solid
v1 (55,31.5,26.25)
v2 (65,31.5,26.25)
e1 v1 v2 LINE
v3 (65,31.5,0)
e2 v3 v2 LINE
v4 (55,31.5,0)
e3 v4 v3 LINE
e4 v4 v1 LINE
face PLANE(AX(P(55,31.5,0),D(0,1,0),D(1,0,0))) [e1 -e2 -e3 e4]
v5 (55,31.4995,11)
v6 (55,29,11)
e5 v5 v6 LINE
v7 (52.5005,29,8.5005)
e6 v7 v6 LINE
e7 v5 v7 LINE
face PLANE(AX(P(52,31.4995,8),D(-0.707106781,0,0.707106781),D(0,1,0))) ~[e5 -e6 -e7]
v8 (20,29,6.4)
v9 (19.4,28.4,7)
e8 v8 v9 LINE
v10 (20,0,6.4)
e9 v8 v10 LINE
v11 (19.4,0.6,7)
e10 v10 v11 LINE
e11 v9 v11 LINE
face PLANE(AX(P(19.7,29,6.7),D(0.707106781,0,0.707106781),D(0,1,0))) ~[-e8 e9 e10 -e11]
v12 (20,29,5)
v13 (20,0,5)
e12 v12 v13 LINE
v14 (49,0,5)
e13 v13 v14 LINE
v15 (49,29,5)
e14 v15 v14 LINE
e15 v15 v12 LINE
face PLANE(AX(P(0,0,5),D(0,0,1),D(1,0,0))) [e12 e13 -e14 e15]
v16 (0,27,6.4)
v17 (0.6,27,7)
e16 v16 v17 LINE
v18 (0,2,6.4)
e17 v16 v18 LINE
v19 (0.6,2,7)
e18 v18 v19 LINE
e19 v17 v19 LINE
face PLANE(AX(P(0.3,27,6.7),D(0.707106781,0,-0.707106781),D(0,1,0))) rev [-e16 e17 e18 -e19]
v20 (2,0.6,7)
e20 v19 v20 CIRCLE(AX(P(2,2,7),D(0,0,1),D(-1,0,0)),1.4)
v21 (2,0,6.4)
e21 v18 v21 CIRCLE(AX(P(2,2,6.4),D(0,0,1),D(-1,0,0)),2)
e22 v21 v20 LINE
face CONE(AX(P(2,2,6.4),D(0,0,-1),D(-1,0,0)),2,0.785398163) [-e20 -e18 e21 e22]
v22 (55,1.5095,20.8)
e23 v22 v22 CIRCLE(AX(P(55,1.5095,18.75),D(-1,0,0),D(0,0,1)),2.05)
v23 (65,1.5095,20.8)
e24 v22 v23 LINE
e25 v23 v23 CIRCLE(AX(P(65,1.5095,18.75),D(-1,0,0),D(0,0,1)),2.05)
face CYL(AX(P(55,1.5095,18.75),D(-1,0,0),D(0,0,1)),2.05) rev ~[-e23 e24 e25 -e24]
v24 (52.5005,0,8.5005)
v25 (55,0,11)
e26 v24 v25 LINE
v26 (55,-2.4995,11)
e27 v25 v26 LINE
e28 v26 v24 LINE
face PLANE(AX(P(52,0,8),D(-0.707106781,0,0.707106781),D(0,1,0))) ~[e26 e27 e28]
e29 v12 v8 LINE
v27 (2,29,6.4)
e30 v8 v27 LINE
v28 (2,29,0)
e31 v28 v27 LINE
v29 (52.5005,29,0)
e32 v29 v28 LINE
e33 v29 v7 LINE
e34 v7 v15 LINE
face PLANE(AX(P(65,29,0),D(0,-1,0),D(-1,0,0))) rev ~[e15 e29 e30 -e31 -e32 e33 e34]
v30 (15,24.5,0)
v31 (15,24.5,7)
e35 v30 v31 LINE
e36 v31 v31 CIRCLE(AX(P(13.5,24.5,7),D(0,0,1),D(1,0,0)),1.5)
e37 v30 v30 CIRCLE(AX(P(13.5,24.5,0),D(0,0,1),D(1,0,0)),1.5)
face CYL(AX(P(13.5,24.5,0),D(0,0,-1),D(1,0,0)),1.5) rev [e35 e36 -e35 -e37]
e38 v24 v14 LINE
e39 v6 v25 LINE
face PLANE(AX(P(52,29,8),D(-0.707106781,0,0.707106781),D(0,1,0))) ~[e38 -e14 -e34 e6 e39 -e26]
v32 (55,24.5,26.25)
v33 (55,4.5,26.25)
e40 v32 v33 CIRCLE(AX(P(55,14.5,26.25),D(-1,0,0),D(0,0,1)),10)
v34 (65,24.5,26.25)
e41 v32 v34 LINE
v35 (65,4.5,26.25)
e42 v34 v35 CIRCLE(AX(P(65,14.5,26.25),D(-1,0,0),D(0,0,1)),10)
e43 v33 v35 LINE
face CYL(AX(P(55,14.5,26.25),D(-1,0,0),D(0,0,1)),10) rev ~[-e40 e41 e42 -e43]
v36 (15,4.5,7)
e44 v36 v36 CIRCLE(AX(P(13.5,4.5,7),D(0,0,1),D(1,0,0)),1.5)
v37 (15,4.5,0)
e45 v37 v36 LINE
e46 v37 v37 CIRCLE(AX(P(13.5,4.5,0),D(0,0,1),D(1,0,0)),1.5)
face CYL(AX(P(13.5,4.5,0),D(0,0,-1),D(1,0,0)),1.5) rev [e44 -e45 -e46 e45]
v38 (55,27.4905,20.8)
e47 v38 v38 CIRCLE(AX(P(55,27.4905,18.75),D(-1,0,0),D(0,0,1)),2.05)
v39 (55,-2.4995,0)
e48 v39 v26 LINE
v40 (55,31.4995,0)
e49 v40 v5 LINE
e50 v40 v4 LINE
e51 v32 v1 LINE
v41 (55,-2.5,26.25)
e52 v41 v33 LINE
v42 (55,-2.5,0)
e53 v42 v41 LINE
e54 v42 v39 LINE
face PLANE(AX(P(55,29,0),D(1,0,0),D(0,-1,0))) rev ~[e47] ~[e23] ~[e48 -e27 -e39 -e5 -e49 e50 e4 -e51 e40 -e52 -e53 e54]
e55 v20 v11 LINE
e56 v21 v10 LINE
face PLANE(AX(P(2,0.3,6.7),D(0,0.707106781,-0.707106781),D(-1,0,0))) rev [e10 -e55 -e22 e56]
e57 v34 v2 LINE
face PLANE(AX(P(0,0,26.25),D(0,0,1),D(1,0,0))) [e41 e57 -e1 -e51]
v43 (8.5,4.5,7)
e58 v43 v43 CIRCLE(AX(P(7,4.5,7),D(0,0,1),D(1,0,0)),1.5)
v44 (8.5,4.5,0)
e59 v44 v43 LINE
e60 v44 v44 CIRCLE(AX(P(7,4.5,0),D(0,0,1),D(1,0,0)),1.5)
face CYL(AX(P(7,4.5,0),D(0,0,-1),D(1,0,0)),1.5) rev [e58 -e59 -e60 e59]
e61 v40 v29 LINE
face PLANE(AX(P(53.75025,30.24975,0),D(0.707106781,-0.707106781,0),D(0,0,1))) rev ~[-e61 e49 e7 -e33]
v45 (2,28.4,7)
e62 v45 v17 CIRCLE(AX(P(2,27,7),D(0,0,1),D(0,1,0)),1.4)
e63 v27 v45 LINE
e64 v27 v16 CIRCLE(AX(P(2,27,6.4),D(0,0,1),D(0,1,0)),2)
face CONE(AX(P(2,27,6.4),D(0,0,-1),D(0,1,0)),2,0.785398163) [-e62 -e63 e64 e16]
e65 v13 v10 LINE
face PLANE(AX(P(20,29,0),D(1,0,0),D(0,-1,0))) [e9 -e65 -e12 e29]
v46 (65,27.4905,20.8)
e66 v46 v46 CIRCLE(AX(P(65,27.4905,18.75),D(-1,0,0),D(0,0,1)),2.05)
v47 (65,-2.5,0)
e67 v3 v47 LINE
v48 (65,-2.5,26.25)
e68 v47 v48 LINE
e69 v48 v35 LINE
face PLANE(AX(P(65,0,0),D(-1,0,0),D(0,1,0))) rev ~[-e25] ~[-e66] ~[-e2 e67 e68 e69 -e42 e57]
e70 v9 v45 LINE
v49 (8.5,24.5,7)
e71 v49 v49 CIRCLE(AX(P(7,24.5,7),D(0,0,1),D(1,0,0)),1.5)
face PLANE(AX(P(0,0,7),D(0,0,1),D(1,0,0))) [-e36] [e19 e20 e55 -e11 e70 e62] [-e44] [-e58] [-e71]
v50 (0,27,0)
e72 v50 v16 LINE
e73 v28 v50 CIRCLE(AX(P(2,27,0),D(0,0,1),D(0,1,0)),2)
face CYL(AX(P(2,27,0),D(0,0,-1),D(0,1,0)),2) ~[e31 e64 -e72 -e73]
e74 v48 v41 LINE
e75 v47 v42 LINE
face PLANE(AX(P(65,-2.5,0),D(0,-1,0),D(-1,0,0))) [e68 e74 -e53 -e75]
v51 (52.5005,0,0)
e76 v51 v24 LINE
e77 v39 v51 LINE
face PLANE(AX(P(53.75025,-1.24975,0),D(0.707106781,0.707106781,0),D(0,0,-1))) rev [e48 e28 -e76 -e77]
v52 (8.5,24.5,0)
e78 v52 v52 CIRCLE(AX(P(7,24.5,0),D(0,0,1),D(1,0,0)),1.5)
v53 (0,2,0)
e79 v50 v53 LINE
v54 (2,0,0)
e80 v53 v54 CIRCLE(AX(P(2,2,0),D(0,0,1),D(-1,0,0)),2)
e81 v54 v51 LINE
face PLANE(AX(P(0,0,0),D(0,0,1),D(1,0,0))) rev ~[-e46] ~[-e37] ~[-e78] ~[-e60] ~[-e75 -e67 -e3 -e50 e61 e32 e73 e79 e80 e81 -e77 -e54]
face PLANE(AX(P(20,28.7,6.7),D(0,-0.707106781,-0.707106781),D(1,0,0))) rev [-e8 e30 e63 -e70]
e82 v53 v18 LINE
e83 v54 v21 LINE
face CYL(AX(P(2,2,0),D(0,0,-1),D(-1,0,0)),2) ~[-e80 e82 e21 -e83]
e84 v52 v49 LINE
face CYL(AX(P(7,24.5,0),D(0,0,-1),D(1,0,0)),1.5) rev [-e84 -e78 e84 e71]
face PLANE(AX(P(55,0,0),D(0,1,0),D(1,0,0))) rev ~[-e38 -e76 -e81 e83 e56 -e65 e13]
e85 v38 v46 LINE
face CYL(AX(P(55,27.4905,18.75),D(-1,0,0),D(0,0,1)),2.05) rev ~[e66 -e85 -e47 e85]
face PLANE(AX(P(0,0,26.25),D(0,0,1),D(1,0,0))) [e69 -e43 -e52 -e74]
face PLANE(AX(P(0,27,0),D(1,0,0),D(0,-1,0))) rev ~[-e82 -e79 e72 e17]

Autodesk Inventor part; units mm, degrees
ref_plane "YZ Plane" through (0, 0, 0) normal (1, 0, 0) x (0, 1, 0)
ref_plane "XZ Plane" through (0, 0, 0) normal (0, 1, 0) x (-1, 0, 0)
ref_plane "XY Plane" through (0, 0, 0) normal (0, 0, 1) x (1, 0, 0)
sketch "Sketch1" plane through (0, 0, 0) normal (0, 0, 1) x (1, 0, 0)
  line L0 (2, 0) -> (65, 0)
  line L1 (65, 0) -> (65, 29)
  line L2 (65, 29) -> (2, 29)
  line L3 (0, 27) -> (0, 2)
  arc A0 (2, 29) -> (0, 27) centre (2, 27) ccw
  arc A1 (0, 2) -> (2, 0) centre (2, 2) ccw
  line L4 (20, 29) -> (20, 0)
  line L5 (55, 29) -> (55, 0)
  circle A2 centre (7, 24.5) radius 1.5
  circle A3 centre (7, 4.5) radius 1.5
  circle A4 centre (13.5, 24.5) radius 1.5
  circle A5 centre (13.5, 4.5) radius 1.5
  line L6 (65, 0) -> (65, -2.5)
  line L7 (65, -2.5) -> (55, -2.5)
  line L8 (55, -2.5) -> (55, 0)
  line L9 (55, 29) -> (55, 31.5)
  line L10 (55, 31.5) -> (65, 31.5)
  line L11 (65, 31.5) -> (65, 29)
  point P0 (0, 0)
  point P1 (0, 29)
  dimension "d0" = 65
  dimension "d1" = 29
  dimension "d2" = 2
  dimension "d3" = 20
  dimension "d4" = 10
  dimension "d5" = 3
  dimension "d6" = 3
  dimension "d7" = 4.5
  dimension "d8" = 4.5
  dimension "d9" = 20
  dimension "d10" = 3
  dimension "d11" = 3
  dimension "d12" = 20
  dimension "d13" = 6.5
  dimension "d14" = 7
  dimension "d24" = 2.5
  dimension "d25" = 2.5
extrude "Extrusion1" add sketch "Sketch1" along normal blind 5 contours L4 L2 L5 L0
extrude "Extrusion2" add sketch "Sketch1" along normal blind 7 contours A1 L3 A0 L2 L4 L0
extrude "Extrusion3" add sketch "Sketch1" along normal blind 26.25 contours L5 L2 L1 L0
sketch "Sketch2" plane through (55, 0, 5) normal (-1, 0, 0) x (0, 0, 1)
  line L0 (21.25, 29) -> (21.25, 0) projected
  circle A0 centre (21.25, 14.5) radius 10
  point P0 (-5, 0)
  point P1 (21.25, 4.5)
  point P2 (21.25, 24.5)
  dimension "d21" = 20
extrude "Extrusion4" cut sketch "Sketch2" against normal blind 20 contours L0 A0 picked at (15.0351, 13.318)
extrude "Extrusion5" add sketch "Sketch1" along normal blind 26.25 contours L0 L6 L7 L8 | L9 L10 L11 L2
sketch "Sketch4" plane through (55, 0, 5) normal (-1, 0, 0) x (0, 0, 1)
  circle A0 centre (13.75, 1.5095) radius 2.05
  circle A1 centre (13.75, 27.4905) radius 2.05
  line L0 (-5, -2.5) -> (21.25, -2.5) projected
  line L1 (-5, 31.5) -> (21.25, 31.5) projected
  line L2 (21.25, 31.5) -> (21.25, 24.5) projected
  point P0 (-5, 0)
  point P1 (8.125, -2.5)
  dimension "d28" = 4.1
  dimension "d29" = 4.1
  dimension "d30" = 25.981
  dimension "d31" = 4.0095
  dimension "d32" = 4.0095
  dimension "d33" = 7.5
extrude "Extrusion6" cut sketch "Sketch4" against normal blind 26.25
chamfer "Chamfer1" distance 2.5 angle 45 1 edges at (55, 0, 2.5)
chamfer "Chamfer2" distance 2.5 angle 45 1 edges at (55, 29, 2.5)
chamfer "Chamfer3" distance 6 angle 45 1 edges at (55, 14.5, 5)
chamfer "Chamfer4" distance 0.6 angle 45 6 edges at (20, 14.5, 7) (11, 0, 7) (0.5858, 0.5858, 7) (0, 14.5, 7) (0.5858, 28.4142, 7) (11, 29, 7)
equation "\"BendRadius\" = Thickness"
equation "\"BendReliefWidth\" = Thickness"
equation "\"BendReliefDepth\" = 0.5 * Thickness"
equation "\"CornerReliefSize\" = 4 * Thickness"
equation "\"MinimumRemnant\" = 2 * Thickness"
equation "\"TransitionRadius\" = BendRadius"
equation "\"JacobiRadiusSize\" = BendRadius"
equation "\"GapSize\" = Thickness"
equation "\"Thickness\" = 0.5"
properties part number "tool4_1"
